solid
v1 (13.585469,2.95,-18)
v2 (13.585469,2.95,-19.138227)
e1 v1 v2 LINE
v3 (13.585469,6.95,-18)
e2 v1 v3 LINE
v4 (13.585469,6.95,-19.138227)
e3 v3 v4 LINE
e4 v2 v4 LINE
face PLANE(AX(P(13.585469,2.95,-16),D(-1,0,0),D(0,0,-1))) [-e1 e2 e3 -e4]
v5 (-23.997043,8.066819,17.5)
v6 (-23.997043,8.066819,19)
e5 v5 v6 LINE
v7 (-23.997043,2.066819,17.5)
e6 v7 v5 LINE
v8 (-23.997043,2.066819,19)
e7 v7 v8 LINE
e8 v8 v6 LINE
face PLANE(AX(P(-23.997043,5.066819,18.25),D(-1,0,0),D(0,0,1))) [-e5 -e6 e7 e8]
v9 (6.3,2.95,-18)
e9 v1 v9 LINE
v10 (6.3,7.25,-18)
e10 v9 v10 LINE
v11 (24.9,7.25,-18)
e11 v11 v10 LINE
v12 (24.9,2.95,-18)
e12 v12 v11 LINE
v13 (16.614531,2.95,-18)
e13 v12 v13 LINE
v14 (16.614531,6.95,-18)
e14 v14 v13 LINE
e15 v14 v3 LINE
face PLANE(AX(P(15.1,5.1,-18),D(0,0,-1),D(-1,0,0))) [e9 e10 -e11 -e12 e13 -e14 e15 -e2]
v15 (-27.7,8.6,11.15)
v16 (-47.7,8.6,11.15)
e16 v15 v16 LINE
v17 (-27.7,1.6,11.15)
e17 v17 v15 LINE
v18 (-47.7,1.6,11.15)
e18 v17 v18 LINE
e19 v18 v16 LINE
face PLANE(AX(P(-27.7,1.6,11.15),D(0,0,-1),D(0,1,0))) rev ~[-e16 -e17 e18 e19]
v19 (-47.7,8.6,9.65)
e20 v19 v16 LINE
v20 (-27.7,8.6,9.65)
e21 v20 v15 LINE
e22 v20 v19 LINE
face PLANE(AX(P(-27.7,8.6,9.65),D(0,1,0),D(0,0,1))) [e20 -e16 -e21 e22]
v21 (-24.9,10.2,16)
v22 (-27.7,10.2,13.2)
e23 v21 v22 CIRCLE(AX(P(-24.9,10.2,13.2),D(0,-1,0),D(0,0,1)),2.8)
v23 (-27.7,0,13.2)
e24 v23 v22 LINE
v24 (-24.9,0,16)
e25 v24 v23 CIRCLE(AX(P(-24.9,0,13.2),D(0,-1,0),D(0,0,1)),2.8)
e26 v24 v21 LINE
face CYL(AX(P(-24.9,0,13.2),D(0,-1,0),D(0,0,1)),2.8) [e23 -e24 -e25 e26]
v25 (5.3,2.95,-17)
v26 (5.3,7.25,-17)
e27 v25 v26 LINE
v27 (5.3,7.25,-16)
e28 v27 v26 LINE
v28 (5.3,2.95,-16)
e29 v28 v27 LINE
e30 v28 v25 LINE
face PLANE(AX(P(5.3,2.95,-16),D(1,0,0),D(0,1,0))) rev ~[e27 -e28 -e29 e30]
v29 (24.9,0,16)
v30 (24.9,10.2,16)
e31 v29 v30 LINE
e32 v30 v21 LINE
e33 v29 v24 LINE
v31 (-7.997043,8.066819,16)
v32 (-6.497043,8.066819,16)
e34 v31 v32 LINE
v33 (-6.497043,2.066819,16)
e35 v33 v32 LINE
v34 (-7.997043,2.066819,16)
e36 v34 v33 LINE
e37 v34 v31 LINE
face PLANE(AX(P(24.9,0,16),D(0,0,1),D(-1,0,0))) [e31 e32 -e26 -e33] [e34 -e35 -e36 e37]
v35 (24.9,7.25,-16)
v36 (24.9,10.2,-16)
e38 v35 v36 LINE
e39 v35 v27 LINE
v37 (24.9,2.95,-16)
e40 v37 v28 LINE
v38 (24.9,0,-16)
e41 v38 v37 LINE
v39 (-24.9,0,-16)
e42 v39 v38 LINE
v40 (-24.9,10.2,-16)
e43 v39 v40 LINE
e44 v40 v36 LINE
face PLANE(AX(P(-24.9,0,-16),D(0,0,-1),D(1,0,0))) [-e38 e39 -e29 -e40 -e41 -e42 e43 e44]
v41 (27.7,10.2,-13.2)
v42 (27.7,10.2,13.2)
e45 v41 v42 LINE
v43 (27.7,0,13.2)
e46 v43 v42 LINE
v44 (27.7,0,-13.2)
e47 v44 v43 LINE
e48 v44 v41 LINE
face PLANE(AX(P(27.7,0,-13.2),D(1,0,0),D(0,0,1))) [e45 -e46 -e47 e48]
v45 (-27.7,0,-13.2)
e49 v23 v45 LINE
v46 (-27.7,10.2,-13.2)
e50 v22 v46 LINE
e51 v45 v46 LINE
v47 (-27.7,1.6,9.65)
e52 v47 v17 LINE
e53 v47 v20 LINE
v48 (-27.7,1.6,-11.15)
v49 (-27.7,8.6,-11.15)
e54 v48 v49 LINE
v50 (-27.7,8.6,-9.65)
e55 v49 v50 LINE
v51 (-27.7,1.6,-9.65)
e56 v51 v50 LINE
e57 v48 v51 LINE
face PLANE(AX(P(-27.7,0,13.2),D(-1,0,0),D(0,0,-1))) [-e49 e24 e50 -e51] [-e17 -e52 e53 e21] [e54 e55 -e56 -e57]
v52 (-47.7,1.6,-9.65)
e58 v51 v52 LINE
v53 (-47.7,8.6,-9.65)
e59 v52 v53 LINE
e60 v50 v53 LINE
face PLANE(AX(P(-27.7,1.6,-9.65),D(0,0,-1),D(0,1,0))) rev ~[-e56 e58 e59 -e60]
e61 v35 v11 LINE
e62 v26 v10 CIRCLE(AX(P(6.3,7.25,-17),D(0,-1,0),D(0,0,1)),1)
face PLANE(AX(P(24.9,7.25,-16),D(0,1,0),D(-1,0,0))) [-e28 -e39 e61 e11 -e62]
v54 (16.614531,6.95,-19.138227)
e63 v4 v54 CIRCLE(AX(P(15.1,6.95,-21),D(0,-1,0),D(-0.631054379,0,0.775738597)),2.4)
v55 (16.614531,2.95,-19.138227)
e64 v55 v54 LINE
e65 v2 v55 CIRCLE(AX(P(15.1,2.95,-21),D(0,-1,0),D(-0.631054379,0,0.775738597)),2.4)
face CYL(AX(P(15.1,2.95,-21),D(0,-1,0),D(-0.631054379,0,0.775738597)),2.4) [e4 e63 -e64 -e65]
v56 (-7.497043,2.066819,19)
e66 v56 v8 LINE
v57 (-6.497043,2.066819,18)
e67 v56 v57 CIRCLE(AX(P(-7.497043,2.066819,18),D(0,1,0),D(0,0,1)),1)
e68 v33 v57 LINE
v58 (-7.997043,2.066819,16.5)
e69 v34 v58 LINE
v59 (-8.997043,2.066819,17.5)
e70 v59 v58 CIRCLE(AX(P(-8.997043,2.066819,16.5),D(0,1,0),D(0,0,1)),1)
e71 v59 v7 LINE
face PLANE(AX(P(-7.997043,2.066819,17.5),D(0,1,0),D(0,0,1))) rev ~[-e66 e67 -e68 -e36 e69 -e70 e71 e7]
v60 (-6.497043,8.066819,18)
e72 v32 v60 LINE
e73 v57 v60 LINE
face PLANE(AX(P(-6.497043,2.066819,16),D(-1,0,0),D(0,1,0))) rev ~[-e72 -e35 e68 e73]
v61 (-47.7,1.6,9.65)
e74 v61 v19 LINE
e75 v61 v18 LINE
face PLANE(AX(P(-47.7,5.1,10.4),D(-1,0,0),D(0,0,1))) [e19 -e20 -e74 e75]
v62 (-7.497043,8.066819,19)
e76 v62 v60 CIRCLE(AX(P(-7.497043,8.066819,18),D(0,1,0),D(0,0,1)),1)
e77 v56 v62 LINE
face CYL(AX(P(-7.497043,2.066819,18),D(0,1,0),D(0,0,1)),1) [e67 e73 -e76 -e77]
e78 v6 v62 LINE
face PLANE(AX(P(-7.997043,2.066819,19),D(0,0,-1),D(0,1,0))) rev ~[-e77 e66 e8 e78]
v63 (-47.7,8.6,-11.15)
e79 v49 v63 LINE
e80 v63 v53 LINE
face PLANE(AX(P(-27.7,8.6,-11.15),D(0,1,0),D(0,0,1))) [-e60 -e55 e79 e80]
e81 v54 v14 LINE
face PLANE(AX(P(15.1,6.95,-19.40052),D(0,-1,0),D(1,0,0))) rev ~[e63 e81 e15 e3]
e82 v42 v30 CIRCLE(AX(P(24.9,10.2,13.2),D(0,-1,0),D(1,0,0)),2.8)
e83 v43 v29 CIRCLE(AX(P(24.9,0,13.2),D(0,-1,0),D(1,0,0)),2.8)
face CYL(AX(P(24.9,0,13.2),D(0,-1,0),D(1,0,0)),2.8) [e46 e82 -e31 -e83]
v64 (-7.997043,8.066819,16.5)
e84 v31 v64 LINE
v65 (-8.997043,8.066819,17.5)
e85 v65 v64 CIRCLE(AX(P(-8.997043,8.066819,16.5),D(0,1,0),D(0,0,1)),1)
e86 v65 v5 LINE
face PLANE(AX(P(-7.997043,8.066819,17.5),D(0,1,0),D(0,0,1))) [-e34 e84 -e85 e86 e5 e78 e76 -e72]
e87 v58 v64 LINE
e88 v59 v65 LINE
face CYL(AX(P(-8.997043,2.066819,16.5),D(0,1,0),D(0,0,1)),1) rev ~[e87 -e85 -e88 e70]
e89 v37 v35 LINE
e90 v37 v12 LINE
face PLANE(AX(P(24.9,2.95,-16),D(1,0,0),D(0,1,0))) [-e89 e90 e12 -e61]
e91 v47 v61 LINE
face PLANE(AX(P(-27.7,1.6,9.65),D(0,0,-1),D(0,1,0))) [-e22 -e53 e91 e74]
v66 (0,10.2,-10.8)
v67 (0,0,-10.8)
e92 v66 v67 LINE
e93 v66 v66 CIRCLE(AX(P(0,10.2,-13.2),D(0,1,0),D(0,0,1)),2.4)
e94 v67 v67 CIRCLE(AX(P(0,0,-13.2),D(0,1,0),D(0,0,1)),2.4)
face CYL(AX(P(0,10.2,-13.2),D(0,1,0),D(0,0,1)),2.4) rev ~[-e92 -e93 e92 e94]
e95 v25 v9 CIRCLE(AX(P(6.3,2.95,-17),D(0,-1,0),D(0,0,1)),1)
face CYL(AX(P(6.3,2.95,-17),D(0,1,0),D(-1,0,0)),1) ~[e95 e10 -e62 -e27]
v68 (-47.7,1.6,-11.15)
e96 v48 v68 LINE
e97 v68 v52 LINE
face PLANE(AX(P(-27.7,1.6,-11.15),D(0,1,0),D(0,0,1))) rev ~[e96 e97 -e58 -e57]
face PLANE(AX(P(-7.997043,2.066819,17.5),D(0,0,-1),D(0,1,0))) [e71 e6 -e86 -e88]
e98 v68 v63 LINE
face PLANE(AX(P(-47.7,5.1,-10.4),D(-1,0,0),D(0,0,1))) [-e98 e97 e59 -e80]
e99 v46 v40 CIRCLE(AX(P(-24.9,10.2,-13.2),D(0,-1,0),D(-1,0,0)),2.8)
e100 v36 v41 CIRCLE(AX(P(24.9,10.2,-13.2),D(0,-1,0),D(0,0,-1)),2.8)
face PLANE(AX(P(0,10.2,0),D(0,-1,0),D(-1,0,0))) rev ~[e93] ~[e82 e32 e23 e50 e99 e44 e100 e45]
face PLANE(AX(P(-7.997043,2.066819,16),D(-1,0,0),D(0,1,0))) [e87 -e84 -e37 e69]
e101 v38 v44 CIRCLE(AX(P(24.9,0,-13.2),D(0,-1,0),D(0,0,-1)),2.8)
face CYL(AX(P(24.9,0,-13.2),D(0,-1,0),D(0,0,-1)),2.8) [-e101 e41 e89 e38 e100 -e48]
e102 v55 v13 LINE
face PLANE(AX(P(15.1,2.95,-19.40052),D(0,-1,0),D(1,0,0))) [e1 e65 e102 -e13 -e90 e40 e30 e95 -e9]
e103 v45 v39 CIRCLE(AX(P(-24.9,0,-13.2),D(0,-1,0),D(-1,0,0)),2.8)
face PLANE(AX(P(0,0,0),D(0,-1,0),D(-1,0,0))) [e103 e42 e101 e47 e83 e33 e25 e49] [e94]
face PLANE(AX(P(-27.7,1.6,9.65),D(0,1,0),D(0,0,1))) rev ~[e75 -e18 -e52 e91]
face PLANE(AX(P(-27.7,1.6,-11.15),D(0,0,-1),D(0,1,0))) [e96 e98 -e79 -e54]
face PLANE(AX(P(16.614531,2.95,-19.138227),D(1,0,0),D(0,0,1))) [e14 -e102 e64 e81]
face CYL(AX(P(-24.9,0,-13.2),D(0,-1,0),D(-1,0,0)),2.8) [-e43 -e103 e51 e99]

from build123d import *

# Parameters (mm, degrees)
BOSS_EXTRUDE2_DEPTH  = 10.2
SKETCH3_W            = 19.6
SKETCH3_H            = 4.3
BOSS_EXTRUDE3_DEPTH  = 2
FILLET3_R            = 1
SKETCH4_W            = 1.5
SKETCH4_H            = 7
BOSS_EXTRUDE4_DEPTH  = 20
SKETCH5_W            = 1.5
SKETCH5_H            = 7
BOSS_EXTRUDE5_DEPTH  = 20
SKETCH6_W            = 1.5
SKETCH6_H            = 6
BOSS_EXTRUDE7_DEPTH  = 3
SKETCH8_W            = 1.5
SKETCH8_H            = 6
BOSS_EXTRUDE8_DEPTH  = 16
FILLET4_R            = 1
FILLET5_R            = 1
BOSS_EXTRUDE10_DEPTH = 4
SKETCH12_R           = 2.4
CUT_EXTRUDE1_DEPTH   = 19


with BuildPart() as part:
    # Sketch1 → Boss-Extrude2 (new body)
    with BuildSketch(Plane(origin=(0, 0, 0), x_dir=(1, 0, 0), z_dir=(0, 1, 0))):
        with BuildLine():
            Line((-24.9, 16), (24.9, 16))
            ThreePointArc((24.9, 16), (26.879898987, 15.179898987), (27.7, 13.2))
            Line((27.7, 13.2), (27.7, -13.2))
            ThreePointArc((27.7, -13.2), (26.879898987, -15.179898987), (24.9, -16))
            Line((24.9, -16), (-24.9, -16))
            ThreePointArc((-24.9, -16), (-26.879898987, -15.179898987), (-27.7, -13.2))
            Line((-27.7, -13.2), (-27.7, 13.2))
            ThreePointArc((-27.7, 13.2), (-26.879898987, 15.179898987), (-24.9, 16))
        make_face()
    extrude(amount=BOSS_EXTRUDE2_DEPTH)

    # Sketch3 → Boss-Extrude3 (add)
    with BuildSketch(Plane(origin=(0, 0, -16), x_dir=(-1, 0, 0), z_dir=(0, 0, -1))):
        with Locations((-15.1, 5.1)):
            Rectangle(SKETCH3_W, SKETCH3_H)
    extrude(amount=BOSS_EXTRUDE3_DEPTH)

    # Fillet3
    fillet3_edges = [part.edges().sort_by_distance(p)[0] for p in [
        (5.3, 5.1, -18),
    ]]
    fillet(fillet3_edges, radius=FILLET3_R)

    # Sketch4 → Boss-Extrude4 (add)
    with BuildSketch(Plane.ZY.offset(27.7)):
        with Locations((-10.4, 5.1)):
            Rectangle(SKETCH4_W, SKETCH4_H)
    extrude(amount=BOSS_EXTRUDE4_DEPTH)

    # Sketch5 → Boss-Extrude5 (add)
    with BuildSketch(Plane.ZY.offset(27.7)):
        with Locations((10.4, 5.1)):
            Rectangle(SKETCH5_W, SKETCH5_H)
    extrude(amount=BOSS_EXTRUDE5_DEPTH)

    # Sketch6 → Boss-Extrude7 (add)
    with BuildSketch(Plane.XY.offset(16)):
        with Locations((-7.247043242, 5.066819201)):
            Rectangle(SKETCH6_W, SKETCH6_H)
    extrude(amount=BOSS_EXTRUDE7_DEPTH)

    # Sketch8 → Boss-Extrude8 (add)
    with BuildSketch(Plane.ZY.offset(7.997043242)):
        with Locations((18.25, 5.066819201)):
            Rectangle(SKETCH8_W, SKETCH8_H)
    extrude(amount=BOSS_EXTRUDE8_DEPTH)

    # Fillet4
    fillet4_edges = [part.edges().sort_by_distance(p)[0] for p in [
        (-7.997043242, 5.066819201, 17.5),
    ]]
    fillet(fillet4_edges, radius=FILLET4_R)

    # Fillet5
    fillet5_edges = [part.edges().sort_by_distance(p)[0] for p in [
        (-6.497043242, 5.066819201, 19),
    ]]
    fillet(fillet5_edges, radius=FILLET5_R)

    # Sketch11 → Boss-Extrude10 (add)
    with BuildSketch(Plane.XZ.offset(-2.95)):
        with BuildLine():
            Line((16.614530509, -19.138227367), (16.614530509, -16))
            Line((16.614530509, -16), (13.585469491, -16))
            Line((13.585469491, -16), (13.585469491, -19.138227367))
            ThreePointArc((13.585469491, -19.138227367), (15.1, -23.4), (16.614530509, -19.138227367))
        make_face()
    extrude(amount=-BOSS_EXTRUDE10_DEPTH)

    # Sketch12 → Cut-Extrude1 (cut)
    with BuildSketch(Plane(origin=(0, 10.2, 0), x_dir=(1, 0, 0), z_dir=(0, 1, 0))):
        with Locations(Location((0, 13.2, 0), (0, 0, 270))):
            Circle(SKETCH12_R)
    extrude(amount=-CUT_EXTRUDE1_DEPTH, mode=Mode.SUBTRACT)


solid = part.part
